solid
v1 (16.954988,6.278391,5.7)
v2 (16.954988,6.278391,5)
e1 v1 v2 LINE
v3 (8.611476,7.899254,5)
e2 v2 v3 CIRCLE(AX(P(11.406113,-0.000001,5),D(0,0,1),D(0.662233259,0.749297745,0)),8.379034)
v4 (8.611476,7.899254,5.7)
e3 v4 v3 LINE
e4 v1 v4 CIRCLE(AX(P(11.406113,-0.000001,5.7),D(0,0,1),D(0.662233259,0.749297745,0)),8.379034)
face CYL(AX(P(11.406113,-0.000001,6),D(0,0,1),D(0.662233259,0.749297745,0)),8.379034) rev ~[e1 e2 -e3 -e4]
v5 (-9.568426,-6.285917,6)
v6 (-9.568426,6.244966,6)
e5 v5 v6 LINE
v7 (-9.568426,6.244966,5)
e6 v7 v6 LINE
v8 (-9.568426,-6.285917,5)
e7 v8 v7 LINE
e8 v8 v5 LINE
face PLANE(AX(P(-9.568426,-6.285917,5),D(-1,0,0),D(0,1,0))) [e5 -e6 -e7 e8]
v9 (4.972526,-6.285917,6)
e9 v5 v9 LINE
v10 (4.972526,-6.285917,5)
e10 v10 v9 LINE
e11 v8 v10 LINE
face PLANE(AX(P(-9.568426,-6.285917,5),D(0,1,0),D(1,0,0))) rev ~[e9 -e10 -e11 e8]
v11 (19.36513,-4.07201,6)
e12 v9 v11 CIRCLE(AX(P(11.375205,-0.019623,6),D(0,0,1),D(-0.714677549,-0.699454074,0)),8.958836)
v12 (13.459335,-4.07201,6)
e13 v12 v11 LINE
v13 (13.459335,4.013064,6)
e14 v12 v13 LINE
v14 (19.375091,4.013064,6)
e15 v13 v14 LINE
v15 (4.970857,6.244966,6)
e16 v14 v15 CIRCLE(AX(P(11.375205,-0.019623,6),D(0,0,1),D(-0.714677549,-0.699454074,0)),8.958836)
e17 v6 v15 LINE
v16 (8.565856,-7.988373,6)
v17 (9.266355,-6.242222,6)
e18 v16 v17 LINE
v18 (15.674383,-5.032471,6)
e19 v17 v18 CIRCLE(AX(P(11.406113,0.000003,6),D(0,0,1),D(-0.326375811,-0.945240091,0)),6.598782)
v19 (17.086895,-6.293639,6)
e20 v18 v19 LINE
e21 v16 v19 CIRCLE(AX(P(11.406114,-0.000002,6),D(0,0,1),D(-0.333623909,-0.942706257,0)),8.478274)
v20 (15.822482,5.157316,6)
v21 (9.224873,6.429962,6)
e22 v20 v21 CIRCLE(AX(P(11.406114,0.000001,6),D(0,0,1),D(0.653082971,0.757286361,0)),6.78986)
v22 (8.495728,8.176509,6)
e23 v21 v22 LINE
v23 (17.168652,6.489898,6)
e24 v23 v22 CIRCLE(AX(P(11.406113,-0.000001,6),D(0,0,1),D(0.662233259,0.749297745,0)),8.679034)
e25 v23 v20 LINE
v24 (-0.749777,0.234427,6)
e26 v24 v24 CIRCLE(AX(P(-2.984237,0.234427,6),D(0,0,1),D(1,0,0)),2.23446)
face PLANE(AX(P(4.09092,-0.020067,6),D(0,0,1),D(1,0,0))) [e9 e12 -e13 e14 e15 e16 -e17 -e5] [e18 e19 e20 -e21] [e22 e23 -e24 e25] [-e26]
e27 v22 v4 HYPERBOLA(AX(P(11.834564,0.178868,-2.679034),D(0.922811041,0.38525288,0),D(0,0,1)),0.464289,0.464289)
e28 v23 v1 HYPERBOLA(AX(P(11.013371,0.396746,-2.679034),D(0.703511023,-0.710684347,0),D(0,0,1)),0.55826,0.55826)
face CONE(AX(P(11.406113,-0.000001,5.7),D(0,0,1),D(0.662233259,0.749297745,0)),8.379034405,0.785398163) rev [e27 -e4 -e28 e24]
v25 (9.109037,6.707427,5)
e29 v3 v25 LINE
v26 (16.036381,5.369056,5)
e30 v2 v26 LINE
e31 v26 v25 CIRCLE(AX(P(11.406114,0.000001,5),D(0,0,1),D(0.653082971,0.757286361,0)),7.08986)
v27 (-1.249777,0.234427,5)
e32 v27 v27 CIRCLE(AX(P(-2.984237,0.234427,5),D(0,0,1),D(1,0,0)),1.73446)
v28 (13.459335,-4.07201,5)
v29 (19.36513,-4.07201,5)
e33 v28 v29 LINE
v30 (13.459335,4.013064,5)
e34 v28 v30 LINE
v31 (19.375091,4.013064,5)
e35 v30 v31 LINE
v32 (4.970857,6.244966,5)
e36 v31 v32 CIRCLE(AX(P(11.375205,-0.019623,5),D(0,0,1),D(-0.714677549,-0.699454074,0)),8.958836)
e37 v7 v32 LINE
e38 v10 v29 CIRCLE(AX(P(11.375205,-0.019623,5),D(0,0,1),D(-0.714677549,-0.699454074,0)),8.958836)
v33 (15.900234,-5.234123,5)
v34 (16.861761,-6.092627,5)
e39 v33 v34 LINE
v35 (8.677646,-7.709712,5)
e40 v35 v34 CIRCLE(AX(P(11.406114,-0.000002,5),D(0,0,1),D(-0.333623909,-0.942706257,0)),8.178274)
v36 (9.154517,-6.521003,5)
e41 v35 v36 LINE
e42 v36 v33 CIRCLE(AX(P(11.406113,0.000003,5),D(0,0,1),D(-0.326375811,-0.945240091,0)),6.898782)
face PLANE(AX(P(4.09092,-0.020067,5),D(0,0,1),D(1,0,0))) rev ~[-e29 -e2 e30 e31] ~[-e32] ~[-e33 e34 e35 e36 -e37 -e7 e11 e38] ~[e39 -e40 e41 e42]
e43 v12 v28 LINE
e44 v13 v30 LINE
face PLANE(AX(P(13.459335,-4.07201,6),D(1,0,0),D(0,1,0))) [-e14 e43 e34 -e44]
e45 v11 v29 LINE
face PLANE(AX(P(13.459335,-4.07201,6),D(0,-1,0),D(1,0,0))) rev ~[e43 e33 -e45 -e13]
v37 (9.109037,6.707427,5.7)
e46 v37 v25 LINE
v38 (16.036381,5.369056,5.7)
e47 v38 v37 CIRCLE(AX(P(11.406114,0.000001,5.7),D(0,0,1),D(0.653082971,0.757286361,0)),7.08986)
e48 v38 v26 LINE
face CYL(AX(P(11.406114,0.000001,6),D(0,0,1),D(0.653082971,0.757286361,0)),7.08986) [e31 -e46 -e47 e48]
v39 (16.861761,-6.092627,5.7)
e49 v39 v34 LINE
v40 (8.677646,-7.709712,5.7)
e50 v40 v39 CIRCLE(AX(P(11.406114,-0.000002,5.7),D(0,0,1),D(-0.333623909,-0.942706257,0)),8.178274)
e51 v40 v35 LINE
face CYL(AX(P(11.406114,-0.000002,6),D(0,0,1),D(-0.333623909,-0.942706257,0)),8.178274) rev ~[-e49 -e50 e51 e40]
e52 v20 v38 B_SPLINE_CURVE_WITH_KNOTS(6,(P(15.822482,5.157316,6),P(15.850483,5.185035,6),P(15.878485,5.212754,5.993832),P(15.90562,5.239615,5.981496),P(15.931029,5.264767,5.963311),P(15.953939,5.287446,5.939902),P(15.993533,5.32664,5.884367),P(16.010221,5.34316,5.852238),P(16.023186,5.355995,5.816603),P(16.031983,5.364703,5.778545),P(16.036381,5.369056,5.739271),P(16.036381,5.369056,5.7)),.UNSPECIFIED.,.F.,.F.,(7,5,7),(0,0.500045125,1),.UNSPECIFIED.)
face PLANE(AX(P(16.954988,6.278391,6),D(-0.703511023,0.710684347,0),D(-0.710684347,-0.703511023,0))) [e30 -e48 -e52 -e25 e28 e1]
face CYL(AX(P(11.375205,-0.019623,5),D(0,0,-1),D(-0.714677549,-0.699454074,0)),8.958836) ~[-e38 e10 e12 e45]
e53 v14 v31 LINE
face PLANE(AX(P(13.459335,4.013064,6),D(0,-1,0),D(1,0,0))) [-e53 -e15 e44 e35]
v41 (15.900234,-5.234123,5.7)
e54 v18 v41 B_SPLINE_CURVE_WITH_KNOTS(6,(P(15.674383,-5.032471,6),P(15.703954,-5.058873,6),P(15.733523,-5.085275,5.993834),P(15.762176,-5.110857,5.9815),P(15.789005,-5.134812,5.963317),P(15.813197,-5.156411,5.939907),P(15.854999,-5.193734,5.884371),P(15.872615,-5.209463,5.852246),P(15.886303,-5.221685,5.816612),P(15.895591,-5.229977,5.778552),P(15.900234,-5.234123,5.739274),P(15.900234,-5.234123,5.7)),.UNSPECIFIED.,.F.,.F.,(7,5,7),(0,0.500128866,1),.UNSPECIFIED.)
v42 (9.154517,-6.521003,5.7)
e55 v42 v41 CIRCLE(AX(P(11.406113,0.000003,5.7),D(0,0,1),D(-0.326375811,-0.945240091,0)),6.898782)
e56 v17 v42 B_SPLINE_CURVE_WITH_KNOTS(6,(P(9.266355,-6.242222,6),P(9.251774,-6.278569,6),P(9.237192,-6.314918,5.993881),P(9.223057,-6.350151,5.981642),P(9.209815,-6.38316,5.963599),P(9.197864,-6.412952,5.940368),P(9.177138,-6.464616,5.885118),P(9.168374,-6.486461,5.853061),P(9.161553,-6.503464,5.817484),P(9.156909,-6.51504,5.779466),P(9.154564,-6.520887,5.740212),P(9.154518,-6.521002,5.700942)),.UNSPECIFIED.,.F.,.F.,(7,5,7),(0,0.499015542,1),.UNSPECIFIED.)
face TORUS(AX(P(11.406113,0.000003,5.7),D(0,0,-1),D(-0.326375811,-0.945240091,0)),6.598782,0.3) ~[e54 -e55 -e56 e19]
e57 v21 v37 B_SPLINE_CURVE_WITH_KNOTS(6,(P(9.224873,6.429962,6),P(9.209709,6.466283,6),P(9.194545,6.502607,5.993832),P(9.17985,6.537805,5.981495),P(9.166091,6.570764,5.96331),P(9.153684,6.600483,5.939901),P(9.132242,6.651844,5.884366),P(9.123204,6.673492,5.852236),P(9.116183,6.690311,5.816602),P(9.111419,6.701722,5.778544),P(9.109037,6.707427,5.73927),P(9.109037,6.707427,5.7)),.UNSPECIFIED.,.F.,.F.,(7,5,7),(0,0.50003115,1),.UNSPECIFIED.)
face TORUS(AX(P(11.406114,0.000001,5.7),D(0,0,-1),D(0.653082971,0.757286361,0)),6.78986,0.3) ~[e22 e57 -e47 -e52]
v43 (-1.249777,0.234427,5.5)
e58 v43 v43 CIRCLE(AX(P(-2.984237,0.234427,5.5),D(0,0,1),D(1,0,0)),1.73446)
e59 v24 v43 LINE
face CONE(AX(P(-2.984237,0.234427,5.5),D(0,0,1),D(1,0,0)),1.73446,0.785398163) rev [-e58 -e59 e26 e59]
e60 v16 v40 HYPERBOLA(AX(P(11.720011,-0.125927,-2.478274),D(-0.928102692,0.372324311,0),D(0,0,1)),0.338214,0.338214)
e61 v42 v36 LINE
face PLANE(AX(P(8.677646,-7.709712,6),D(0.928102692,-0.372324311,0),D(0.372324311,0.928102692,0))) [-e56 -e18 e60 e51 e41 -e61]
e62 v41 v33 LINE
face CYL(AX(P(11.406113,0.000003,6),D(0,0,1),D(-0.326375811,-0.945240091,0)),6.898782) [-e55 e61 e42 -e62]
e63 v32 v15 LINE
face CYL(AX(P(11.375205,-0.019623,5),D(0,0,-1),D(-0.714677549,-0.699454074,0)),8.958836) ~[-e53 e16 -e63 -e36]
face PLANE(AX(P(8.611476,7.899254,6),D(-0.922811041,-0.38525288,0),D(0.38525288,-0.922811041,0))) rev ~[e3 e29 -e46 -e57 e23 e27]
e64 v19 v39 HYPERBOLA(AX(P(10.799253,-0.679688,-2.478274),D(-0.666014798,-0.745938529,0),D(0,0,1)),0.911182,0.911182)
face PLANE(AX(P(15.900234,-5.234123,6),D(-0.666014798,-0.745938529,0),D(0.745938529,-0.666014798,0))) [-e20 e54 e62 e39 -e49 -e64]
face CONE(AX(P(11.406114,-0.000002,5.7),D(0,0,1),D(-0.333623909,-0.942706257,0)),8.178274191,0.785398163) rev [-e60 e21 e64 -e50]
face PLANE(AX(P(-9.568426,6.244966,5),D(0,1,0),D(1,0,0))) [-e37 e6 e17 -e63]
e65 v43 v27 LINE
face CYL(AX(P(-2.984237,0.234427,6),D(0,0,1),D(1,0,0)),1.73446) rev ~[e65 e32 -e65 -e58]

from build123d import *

# Parameters (mm, degrees)
PAD002_DEPTH    = 1
SKETCH007_R     = 1.692877
POCKET001_DEPTH = 1
SKETCH008_R     = 1.73446
POCKET002_DEPTH = 1
CHAMFER_SIZE    = 0.5
POCKET005_DEPTH = 5
SKETCH009_W     = 8.212181
SKETCH009_H     = 8.085074
POCKET006_DEPTH = 5
FILLET004_R     = 0.3
FILLET005_R     = 0.3
CHAMFER001_SIZE = 0.3
CHAMFER002_SIZE = 0.3


with BuildPart() as part:
    # Sketch006 → Pad002 (new body)
    with BuildSketch(Plane.XY.offset(5)):
        with BuildLine():
            Line((-9.568426, -6.285917), (4.972526, -6.285917))
            ThreePointArc((4.972526, -6.285917), (20.334041, -0.01843), (4.970857, 6.244966))
            Line((-9.568426, 6.244966), (4.970857, 6.244966))
            Line((-9.568426, -6.285917), (-9.568426, 6.244966))
        make_face()
    extrude(amount=PAD002_DEPTH)

    # Sketch007 (on Pad) → Pocket001 (cut)
    with BuildSketch(Plane.XY.offset(5)):
        with Locations((-2.957902, 0.204839)):
            Circle(SKETCH007_R)
    extrude(amount=-POCKET001_DEPTH, mode=Mode.SUBTRACT)

    # Sketch008 (on Face6 of Pad002) → Pocket002 (cut)
    with BuildSketch(Plane.XY.offset(6)):
        with Locations((-2.984237, 0.234427)):
            Circle(SKETCH008_R)
    extrude(amount=-POCKET002_DEPTH, mode=Mode.SUBTRACT)

    # Chamfer
    chamfer_edges = [part.edges().sort_by_distance(p)[0] for p in [
        (-4.718697, 0.234427, 6),
    ]]
    chamfer(chamfer_edges, length=CHAMFER_SIZE)

    # Sketch011 → Pocket005 (cut)
    with BuildSketch(Plane.XY.offset(6)):
        with BuildLine():
            ThreePointArc((16.954988, 6.278391), (13.004004, 8.225263), (8.611476, 7.899254))
            Line((8.611476, 7.899254), (9.109037, 6.707427))
            ThreePointArc((16.036381, 5.369056), (12.751013, 6.961134), (9.109037, 6.707427))
            Line((16.954988, 6.278391), (16.036381, 5.369056))
        make_face()
        with BuildLine():
            ThreePointArc((8.677646, -7.709712), (12.991395, -8.023159), (16.861761, -6.092627))
            Line((15.900234, -5.234123), (16.861761, -6.092627))
            ThreePointArc((9.154517, -6.521003), (12.69888, -6.776571), (15.900234, -5.234123))
            Line((8.677646, -7.709712), (9.154517, -6.521003))
        make_face()
    extrude(amount=-POCKET005_DEPTH, mode=Mode.SUBTRACT)

    # Sketch009 (on Face1 of Chamfer) → Pocket006 (cut)
    with BuildSketch(Plane.XY.offset(6)):
        with Locations((17.565425, -0.029473)):
            Rectangle(SKETCH009_W, SKETCH009_H)
    extrude(amount=-POCKET006_DEPTH, mode=Mode.SUBTRACT)

    # Fillet004
    fillet004_edges = [part.edges().sort_by_distance(p)[0] for p in [
        (12.69888, -6.776571, 6),
    ]]
    fillet(fillet004_edges, radius=FILLET004_R)

    # Fillet005
    fillet005_edges = [part.edges().sort_by_distance(p)[0] for p in [
        (12.751013, 6.961134, 6),
    ]]
    fillet(fillet005_edges, radius=FILLET005_R)

    # Chamfer001
    chamfer001_edges = [part.edges().sort_by_distance(p)[0] for p in [
        (12.991395, -8.023159, 6),
    ]]
    chamfer(chamfer001_edges, length=CHAMFER001_SIZE)

    # Chamfer002
    chamfer002_edges = [part.edges().sort_by_distance(p)[0] for p in [
        (13.004004, 8.225263, 6),
    ]]
    chamfer(chamfer002_edges, length=CHAMFER002_SIZE)


solid = part.part
